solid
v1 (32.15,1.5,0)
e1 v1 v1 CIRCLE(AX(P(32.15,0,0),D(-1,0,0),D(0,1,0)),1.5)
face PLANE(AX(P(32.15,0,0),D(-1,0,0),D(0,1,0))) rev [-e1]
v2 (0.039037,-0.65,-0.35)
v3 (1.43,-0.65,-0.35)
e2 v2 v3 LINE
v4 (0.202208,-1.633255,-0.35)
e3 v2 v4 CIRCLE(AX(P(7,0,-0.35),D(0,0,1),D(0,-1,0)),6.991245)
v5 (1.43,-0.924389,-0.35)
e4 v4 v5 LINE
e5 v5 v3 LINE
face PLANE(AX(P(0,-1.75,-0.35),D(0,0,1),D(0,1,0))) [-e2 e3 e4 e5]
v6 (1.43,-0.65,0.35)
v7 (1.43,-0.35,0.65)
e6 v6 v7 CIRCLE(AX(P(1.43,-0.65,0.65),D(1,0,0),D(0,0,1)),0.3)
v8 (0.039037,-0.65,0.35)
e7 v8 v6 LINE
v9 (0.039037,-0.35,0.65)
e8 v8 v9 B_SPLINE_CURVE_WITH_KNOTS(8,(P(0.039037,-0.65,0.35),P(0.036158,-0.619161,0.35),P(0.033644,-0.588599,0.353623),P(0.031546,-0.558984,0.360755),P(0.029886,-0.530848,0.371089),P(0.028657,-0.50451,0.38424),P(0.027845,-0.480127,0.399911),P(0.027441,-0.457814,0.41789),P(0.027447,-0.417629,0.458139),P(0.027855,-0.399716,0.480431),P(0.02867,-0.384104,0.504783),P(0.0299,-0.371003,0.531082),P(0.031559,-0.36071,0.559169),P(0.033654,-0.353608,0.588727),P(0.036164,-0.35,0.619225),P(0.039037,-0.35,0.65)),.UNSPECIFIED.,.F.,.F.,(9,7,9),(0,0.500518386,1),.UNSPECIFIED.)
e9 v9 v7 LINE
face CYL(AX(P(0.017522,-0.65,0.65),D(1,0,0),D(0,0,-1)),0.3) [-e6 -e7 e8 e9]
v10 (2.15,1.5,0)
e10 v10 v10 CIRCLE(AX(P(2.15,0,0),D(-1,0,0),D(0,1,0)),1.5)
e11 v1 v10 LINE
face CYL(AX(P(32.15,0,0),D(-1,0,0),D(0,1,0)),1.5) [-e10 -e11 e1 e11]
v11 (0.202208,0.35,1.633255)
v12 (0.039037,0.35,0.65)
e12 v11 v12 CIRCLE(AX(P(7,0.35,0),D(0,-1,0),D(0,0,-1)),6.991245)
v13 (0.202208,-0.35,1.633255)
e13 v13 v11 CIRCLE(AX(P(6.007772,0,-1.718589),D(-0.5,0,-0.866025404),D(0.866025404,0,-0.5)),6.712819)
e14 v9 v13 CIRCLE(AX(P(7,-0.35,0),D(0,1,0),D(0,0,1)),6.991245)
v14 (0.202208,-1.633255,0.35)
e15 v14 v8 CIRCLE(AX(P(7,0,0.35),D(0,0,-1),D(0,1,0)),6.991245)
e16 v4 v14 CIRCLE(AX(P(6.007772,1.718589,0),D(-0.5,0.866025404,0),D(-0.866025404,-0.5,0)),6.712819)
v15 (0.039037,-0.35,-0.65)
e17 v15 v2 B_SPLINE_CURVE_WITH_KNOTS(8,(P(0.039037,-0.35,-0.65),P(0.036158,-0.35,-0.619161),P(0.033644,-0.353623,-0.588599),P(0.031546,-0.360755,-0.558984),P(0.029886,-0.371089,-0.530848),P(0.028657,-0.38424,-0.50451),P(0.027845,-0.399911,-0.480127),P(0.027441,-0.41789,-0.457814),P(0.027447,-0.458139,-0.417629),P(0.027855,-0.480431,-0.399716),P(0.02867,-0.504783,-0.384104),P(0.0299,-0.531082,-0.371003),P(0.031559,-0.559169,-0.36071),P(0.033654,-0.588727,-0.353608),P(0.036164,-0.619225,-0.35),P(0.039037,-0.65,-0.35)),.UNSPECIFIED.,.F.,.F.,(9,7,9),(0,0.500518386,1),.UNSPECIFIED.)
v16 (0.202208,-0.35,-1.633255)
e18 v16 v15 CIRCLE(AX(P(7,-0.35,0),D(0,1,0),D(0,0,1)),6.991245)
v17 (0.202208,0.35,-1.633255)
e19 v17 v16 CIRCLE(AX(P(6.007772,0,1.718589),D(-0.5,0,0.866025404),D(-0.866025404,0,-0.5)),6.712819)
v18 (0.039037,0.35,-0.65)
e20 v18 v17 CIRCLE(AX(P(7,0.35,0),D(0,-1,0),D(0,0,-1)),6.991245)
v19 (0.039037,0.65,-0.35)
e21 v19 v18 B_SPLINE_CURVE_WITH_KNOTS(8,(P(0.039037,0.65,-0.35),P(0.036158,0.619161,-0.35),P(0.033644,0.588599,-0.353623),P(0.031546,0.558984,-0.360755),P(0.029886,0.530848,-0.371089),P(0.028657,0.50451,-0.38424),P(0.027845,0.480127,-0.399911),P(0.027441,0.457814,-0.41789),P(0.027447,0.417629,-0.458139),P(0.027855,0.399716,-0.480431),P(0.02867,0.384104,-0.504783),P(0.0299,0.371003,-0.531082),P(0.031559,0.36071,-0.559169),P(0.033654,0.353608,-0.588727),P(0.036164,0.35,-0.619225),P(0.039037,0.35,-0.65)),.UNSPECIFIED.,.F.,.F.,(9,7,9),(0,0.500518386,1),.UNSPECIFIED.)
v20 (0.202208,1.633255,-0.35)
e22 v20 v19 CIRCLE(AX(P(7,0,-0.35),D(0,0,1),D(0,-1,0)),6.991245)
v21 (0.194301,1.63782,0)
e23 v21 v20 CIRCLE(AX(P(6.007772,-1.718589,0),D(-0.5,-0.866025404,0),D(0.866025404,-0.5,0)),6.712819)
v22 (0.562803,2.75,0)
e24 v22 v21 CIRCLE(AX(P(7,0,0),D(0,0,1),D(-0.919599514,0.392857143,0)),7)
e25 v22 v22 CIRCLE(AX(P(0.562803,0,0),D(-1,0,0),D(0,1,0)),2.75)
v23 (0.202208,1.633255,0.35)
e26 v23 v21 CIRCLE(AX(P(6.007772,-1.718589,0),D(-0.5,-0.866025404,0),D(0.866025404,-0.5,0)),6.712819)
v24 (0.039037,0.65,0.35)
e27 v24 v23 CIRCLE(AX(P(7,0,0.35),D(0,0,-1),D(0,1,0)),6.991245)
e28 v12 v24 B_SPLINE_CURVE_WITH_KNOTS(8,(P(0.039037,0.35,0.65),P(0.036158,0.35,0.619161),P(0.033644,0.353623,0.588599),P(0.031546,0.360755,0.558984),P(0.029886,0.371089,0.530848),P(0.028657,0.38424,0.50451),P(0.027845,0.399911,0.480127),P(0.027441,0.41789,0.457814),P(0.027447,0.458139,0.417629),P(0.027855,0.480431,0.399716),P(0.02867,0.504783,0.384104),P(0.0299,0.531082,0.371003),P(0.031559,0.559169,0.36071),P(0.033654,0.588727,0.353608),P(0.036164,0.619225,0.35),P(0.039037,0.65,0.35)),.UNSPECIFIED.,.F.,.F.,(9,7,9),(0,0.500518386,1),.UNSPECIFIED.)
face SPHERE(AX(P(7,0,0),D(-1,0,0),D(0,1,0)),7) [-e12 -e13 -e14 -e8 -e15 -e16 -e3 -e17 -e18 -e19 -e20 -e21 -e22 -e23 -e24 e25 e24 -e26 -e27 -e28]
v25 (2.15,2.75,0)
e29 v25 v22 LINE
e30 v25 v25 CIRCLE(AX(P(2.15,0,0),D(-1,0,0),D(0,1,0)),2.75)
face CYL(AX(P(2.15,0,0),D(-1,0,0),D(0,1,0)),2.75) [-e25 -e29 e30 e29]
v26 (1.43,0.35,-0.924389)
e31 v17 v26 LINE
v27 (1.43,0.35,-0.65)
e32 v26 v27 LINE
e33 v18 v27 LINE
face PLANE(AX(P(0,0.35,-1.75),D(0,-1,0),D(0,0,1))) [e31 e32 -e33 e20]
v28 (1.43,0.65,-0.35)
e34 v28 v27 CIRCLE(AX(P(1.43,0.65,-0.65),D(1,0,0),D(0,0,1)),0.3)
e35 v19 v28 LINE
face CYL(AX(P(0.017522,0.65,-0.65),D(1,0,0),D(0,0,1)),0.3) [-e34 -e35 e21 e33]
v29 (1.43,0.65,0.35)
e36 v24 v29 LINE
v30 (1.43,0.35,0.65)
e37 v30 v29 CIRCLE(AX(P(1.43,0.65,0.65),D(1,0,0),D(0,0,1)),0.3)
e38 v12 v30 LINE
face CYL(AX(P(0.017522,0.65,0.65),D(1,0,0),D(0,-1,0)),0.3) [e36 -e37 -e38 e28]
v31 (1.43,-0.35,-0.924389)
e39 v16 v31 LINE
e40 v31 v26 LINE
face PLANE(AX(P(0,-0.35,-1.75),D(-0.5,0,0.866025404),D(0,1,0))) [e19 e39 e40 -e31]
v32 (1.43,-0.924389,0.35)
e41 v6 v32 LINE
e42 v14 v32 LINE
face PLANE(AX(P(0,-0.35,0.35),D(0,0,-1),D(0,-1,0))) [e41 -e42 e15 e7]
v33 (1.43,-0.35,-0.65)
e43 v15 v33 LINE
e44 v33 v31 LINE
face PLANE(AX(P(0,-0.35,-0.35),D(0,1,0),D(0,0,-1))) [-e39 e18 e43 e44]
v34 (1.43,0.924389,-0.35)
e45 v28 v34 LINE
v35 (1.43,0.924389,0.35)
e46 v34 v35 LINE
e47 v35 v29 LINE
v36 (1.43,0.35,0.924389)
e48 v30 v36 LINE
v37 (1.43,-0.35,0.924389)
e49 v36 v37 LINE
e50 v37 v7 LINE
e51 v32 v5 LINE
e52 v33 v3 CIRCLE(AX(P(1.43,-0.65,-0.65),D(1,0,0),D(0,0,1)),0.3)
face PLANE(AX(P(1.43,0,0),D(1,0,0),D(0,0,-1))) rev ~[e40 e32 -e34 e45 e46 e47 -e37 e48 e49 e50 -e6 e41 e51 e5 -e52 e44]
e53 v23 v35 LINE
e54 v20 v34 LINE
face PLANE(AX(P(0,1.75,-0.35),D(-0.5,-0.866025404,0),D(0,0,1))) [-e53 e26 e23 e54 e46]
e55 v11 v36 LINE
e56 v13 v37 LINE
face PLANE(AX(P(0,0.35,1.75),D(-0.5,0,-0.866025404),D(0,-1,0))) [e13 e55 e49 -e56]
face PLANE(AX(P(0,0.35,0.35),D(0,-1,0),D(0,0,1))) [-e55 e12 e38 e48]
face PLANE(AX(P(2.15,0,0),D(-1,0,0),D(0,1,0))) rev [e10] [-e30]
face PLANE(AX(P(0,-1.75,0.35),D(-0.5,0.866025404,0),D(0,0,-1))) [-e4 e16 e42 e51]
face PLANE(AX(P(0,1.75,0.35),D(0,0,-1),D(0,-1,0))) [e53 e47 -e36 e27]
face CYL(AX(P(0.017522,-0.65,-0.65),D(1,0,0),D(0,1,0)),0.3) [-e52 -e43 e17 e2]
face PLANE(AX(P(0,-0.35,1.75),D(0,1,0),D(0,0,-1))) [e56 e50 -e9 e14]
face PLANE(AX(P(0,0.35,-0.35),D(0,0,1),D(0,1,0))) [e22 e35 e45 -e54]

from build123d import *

# Parameters (mm, degrees)
CUT_EXTRUDE2_DEPTH = 1.43
FILLET5_R          = 0.3
DRAFT2_ANGLE       = -30


with BuildPart() as part:
    # Sketch1 → Base (revolve)
    with BuildSketch(Plane.XY):
        with BuildLine():
            Line((32.15, 1.5), (3.15, 1.5))
            Line((3.15, 1.5), (2.15, 1.5))
            Line((2.15, 1.5), (2.15, 1.8))
            Line((2.15, 1.8), (2.15, 2.75))
            Line((2.15, 2.75), (0.562803405, 2.75))
            ThreePointArc((0.562803405, 2.75), (0.142144061, 1.403499882), (0, 0))
            Line((0, 0), (32.15, 0))
            Line((32.15, 0), (32.15, 1.5))
        make_face()
    revolve(axis=Axis((4.515812911, 0, 0), (-1, 0, 0)))

    # Sketch6 → Cut-Extrude2 (cut)
    with BuildSketch(Plane(origin=(0, 0, 0), x_dir=(0, 0, -1), z_dir=(1, 0, 0))):
        Polygon((0.35, 0.35), (0.35, 1.75), (-0.35, 1.75), (-0.35, 0.35), (-1.75, 0.35), (-1.75, -0.35), (-0.35, -0.35), (-0.35, -1.75), (0.35, -1.75), (0.35, -0.35), (1.75, -0.35), (1.75, 0.35), align=None)
    extrude(amount=CUT_EXTRUDE2_DEPTH, mode=Mode.SUBTRACT)

    # Fillet5
    fillet5_edges = [part.edges().sort_by_distance(p)[0] for p in [
        (0.723760965, 0.35, 0.35),
        (0.723760965, -0.35, 0.35),
        (0.723760965, -0.35, -0.35),
        (0.723760965, 0.35, -0.35),
    ]]
    fillet(fillet5_edges, radius=FILLET5_R)

    # Draft2
    draft2_faces = [part.faces().sort_by_distance(p)[0] for p in [
        (0.827643319, 0, 1.75),
        (0.827643319, 1.75, 0),
        (0.827643319, -1.75, 0),
        (0.827643319, 0, -1.75),
    ]]
    draft(draft2_faces, Plane(origin=(0, 0, 0), x_dir=(0, 0, 1), z_dir=(1, 0, 0)), DRAFT2_ANGLE)


solid = part.part
